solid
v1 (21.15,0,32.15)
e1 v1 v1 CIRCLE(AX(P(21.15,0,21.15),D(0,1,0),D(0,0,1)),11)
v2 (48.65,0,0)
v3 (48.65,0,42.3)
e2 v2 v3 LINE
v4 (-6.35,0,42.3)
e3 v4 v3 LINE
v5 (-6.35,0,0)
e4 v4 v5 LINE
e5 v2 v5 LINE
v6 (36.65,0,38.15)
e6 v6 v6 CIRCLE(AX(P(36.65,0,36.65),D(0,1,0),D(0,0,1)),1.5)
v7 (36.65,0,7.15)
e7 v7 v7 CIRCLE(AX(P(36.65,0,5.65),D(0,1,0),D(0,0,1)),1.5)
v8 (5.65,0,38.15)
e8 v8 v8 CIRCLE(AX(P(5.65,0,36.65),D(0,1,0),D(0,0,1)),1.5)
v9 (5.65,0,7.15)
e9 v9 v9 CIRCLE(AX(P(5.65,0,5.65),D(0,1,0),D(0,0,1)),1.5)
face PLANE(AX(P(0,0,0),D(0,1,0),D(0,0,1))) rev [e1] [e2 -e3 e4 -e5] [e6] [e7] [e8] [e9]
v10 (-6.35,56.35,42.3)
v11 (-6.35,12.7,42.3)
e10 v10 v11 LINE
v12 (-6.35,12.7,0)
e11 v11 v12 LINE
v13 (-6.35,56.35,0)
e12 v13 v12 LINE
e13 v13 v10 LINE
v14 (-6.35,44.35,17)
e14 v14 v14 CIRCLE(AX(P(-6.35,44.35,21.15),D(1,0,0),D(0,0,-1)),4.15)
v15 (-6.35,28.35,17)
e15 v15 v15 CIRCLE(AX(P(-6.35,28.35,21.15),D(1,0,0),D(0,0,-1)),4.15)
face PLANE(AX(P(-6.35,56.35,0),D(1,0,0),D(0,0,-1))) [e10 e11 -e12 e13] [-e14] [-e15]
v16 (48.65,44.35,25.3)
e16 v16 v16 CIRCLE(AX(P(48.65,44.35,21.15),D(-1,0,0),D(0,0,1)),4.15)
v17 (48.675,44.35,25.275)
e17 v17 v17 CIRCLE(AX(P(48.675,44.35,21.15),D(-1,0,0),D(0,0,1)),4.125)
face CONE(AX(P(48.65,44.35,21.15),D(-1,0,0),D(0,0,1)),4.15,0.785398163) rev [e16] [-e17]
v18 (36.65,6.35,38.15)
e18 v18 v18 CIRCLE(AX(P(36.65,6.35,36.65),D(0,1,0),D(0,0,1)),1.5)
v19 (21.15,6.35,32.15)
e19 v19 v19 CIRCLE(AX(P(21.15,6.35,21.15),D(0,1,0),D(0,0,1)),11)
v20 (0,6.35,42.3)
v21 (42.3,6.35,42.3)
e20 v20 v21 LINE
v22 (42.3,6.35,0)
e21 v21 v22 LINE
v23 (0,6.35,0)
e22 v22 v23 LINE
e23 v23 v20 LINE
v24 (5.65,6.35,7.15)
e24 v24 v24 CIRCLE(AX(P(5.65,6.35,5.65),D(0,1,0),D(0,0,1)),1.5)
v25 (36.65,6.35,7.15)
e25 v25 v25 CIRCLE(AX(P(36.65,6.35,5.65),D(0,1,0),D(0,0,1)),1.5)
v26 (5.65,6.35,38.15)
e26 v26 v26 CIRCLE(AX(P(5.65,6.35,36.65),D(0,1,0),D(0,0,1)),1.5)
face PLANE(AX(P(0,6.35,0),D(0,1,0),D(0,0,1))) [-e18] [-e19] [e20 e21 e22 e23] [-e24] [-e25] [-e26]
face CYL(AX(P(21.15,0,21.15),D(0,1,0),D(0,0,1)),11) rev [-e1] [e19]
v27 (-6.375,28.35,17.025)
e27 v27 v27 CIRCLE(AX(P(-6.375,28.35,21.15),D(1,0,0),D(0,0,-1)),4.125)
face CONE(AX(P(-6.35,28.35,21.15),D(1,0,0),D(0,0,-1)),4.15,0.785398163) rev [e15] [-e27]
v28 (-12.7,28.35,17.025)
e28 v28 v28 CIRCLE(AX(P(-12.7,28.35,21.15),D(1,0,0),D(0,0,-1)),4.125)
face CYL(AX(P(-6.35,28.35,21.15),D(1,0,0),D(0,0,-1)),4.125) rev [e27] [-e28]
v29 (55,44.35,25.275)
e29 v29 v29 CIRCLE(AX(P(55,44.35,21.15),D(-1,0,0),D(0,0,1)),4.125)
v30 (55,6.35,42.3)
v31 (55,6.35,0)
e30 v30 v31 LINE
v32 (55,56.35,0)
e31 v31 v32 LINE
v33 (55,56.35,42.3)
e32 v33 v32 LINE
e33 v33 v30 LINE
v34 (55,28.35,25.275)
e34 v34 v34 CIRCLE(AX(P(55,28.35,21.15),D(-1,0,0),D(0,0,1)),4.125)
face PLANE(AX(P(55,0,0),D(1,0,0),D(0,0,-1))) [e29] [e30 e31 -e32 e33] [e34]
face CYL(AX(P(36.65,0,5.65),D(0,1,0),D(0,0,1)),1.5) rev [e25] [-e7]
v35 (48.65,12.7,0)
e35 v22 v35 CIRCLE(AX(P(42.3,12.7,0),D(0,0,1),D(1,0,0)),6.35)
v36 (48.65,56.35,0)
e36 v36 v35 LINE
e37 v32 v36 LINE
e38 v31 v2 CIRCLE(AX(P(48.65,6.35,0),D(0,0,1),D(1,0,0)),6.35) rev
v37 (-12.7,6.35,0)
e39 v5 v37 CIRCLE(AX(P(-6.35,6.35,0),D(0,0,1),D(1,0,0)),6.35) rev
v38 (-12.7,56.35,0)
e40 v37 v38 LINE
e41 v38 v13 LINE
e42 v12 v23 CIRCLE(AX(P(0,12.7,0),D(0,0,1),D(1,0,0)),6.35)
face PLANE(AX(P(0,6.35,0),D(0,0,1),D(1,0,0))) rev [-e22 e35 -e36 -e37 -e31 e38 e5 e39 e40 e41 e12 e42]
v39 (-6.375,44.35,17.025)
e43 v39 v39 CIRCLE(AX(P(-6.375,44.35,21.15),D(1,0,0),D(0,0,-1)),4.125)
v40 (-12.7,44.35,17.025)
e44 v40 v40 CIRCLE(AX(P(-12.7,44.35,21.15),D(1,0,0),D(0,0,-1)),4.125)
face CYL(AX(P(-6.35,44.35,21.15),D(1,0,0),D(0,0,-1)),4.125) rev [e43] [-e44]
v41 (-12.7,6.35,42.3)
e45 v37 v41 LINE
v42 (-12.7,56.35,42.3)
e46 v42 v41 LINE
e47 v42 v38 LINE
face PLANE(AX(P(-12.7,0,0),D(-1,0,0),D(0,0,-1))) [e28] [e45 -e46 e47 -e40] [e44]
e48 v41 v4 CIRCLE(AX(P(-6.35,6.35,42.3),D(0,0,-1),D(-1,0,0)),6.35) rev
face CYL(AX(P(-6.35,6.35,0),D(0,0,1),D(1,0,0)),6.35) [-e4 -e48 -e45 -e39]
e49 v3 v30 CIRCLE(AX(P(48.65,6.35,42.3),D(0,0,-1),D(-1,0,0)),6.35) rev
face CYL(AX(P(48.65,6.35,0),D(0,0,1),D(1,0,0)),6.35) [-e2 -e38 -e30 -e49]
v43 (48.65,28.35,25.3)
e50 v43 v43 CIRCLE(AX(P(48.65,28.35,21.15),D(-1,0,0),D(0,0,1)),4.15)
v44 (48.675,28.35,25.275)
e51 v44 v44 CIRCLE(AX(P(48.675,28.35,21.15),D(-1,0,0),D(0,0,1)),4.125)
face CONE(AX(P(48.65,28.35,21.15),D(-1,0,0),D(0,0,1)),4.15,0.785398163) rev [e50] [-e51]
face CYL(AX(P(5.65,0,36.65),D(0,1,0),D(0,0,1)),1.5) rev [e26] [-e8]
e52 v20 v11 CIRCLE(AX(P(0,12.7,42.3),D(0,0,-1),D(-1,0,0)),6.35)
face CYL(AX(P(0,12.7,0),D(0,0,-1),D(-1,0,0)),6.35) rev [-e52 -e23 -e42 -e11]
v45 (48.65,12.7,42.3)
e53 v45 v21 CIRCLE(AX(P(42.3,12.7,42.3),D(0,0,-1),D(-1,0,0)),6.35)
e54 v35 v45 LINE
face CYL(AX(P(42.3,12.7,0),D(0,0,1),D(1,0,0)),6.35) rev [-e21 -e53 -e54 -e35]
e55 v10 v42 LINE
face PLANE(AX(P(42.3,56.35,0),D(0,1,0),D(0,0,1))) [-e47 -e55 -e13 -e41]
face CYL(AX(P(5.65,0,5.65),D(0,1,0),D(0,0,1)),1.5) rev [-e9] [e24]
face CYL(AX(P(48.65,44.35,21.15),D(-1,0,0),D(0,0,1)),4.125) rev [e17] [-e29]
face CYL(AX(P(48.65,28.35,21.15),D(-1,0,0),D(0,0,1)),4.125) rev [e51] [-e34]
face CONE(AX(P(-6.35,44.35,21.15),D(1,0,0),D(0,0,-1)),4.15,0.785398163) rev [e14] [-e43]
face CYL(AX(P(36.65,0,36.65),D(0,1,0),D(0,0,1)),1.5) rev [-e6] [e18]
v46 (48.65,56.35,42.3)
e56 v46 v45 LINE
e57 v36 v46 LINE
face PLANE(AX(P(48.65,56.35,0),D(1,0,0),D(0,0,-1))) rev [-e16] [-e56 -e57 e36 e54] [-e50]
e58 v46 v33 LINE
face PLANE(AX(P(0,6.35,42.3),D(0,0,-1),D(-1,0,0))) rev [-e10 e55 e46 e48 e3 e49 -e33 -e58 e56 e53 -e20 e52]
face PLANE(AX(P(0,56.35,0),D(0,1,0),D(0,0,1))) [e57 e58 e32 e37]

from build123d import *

# Parameters (mm, degrees)
SKETCH1_W                              = 42.3
SKETCH1_H                              = 42.3
BOSS_EXTRUDE1_DEPTH                    = 6.35
SKETCH2_R                              = 11
SKETCH2_R_2                            = 1.5
CUT_EXTRUDE1_DEPTH                     = 6.35
SKETCH3_W                              = 42.3
SKETCH3_H                              = 6.35
BOSS_EXTRUDE2_DEPTH                    = 12.7
SKETCH4_W                              = 6.35
SKETCH4_H                              = 42.3
BOSS_EXTRUDE3_DEPTH                    = 50
FILLET1_R                              = 6.35
FILLET2_R                              = 6.35
TAP_DRILL_FOR_M8_HELICOIL1_D           = 8.25
TAP_DRILL_FOR_M8_HELICOIL1_DEPTH       = 6.35
TAP_DRILL_FOR_M8_HELICOIL1_CSINK_D     = 8.3
TAP_DRILL_FOR_M8_HELICOIL1_CSINK_ANGLE = 90
FILLET1_OF_MIRROR4_R                   = 6.35
FILLET2_OF_MIRROR4_R                   = 6.35


with BuildPart() as part:
    # Sketch1 → Boss-Extrude1 (new body)
    with BuildSketch(Plane(origin=(0, 0, 0), x_dir=(1, 0, 0), z_dir=(0, 1, 0))):
        with Locations((21.15, -21.15)):
            Rectangle(SKETCH1_W, SKETCH1_H)
    extrude(amount=BOSS_EXTRUDE1_DEPTH)

    # Sketch2 → Cut-Extrude1 (cut)
    with BuildSketch(Plane(origin=(0, 6.35, 0), x_dir=(1, 0, 0), z_dir=(0, 1, 0))):
        with Locations(Location((21.15, -21.15, 0), (0, 0, 270))):
            Circle(SKETCH2_R)
        with Locations(Location((5.65, -5.65, 0), (0, 0, 270))):
            Circle(SKETCH2_R_2)
        with Locations(Location((5.65, -36.65, 0), (0, 0, 270))):
            Circle(SKETCH2_R_2)
        with Locations(Location((36.65, -5.65, 0), (0, 0, 270))):
            Circle(SKETCH2_R_2)
        with Locations(Location((36.65, -36.65, 0), (0, 0, 270))):
            Circle(SKETCH2_R_2)
    extrude(amount=-CUT_EXTRUDE1_DEPTH, mode=Mode.SUBTRACT)

    # Sketch3 → Boss-Extrude2 (add)
    with BuildSketch(Plane(origin=(42.3, 0, 0), x_dir=(0, 0, -1), z_dir=(1, 0, 0))):
        with Locations((-21.15, 3.175)):
            Rectangle(SKETCH3_W, SKETCH3_H)
    boss_extrude2 = extrude(amount=BOSS_EXTRUDE2_DEPTH)

    # Sketch4 → Boss-Extrude3 (add)
    with BuildSketch(Plane(origin=(0, 6.35, 0), x_dir=(1, 0, 0), z_dir=(0, 1, 0))):
        with Locations((51.825, -21.15)):
            Rectangle(SKETCH4_W, SKETCH4_H)
    boss_extrude3 = extrude(amount=BOSS_EXTRUDE3_DEPTH)

    # Fillet1
    fillet1_edges = [part.edges().sort_by_distance(p)[0] for p in [
        (48.65, 6.35, 21.15),
    ]]
    fillet(fillet1_edges, radius=FILLET1_R)

    # Fillet2
    fillet2_edges = [part.edges().sort_by_distance(p)[0] for p in [
        (55, 0, 21.15),
    ]]
    fillet(fillet2_edges, radius=FILLET2_R)

    # Tap Drill for M8 Helicoil1
    with Locations(Plane.ZY.offset(-48.65)):
        with Locations((21.15, 44.35), (21.15, 28.35)):
            tap_drill_for_m8_helicoil1 = CounterSinkHole(TAP_DRILL_FOR_M8_HELICOIL1_D / 2, TAP_DRILL_FOR_M8_HELICOIL1_CSINK_D / 2, depth=TAP_DRILL_FOR_M8_HELICOIL1_DEPTH, counter_sink_angle=TAP_DRILL_FOR_M8_HELICOIL1_CSINK_ANGLE)

    # Mirror4: Boss-Extrude2, Boss-Extrude3, Tap Drill for M8 Helicoil1 across plane
    add(boss_extrude2.mirror(Plane.ZY.offset(-21.15)))
    add(boss_extrude3.mirror(Plane.ZY.offset(-21.15)))
    add(tap_drill_for_m8_helicoil1.mirror(Plane.ZY.offset(-21.15)), mode=Mode.SUBTRACT)

    # Fillet1 of Mirror4
    fillet1_of_mirror4_edges = [part.edges().sort_by_distance(p)[0] for p in [
        (-6.35, 6.35, 21.15),
    ]]
    fillet(fillet1_of_mirror4_edges, radius=FILLET1_OF_MIRROR4_R)

    # Fillet2 of Mirror4
    fillet2_of_mirror4_edges = [part.edges().sort_by_distance(p)[0] for p in [
        (-12.7, 0, 21.15),
    ]]
    fillet(fillet2_of_mirror4_edges, radius=FILLET2_OF_MIRROR4_R)


solid = part.part
